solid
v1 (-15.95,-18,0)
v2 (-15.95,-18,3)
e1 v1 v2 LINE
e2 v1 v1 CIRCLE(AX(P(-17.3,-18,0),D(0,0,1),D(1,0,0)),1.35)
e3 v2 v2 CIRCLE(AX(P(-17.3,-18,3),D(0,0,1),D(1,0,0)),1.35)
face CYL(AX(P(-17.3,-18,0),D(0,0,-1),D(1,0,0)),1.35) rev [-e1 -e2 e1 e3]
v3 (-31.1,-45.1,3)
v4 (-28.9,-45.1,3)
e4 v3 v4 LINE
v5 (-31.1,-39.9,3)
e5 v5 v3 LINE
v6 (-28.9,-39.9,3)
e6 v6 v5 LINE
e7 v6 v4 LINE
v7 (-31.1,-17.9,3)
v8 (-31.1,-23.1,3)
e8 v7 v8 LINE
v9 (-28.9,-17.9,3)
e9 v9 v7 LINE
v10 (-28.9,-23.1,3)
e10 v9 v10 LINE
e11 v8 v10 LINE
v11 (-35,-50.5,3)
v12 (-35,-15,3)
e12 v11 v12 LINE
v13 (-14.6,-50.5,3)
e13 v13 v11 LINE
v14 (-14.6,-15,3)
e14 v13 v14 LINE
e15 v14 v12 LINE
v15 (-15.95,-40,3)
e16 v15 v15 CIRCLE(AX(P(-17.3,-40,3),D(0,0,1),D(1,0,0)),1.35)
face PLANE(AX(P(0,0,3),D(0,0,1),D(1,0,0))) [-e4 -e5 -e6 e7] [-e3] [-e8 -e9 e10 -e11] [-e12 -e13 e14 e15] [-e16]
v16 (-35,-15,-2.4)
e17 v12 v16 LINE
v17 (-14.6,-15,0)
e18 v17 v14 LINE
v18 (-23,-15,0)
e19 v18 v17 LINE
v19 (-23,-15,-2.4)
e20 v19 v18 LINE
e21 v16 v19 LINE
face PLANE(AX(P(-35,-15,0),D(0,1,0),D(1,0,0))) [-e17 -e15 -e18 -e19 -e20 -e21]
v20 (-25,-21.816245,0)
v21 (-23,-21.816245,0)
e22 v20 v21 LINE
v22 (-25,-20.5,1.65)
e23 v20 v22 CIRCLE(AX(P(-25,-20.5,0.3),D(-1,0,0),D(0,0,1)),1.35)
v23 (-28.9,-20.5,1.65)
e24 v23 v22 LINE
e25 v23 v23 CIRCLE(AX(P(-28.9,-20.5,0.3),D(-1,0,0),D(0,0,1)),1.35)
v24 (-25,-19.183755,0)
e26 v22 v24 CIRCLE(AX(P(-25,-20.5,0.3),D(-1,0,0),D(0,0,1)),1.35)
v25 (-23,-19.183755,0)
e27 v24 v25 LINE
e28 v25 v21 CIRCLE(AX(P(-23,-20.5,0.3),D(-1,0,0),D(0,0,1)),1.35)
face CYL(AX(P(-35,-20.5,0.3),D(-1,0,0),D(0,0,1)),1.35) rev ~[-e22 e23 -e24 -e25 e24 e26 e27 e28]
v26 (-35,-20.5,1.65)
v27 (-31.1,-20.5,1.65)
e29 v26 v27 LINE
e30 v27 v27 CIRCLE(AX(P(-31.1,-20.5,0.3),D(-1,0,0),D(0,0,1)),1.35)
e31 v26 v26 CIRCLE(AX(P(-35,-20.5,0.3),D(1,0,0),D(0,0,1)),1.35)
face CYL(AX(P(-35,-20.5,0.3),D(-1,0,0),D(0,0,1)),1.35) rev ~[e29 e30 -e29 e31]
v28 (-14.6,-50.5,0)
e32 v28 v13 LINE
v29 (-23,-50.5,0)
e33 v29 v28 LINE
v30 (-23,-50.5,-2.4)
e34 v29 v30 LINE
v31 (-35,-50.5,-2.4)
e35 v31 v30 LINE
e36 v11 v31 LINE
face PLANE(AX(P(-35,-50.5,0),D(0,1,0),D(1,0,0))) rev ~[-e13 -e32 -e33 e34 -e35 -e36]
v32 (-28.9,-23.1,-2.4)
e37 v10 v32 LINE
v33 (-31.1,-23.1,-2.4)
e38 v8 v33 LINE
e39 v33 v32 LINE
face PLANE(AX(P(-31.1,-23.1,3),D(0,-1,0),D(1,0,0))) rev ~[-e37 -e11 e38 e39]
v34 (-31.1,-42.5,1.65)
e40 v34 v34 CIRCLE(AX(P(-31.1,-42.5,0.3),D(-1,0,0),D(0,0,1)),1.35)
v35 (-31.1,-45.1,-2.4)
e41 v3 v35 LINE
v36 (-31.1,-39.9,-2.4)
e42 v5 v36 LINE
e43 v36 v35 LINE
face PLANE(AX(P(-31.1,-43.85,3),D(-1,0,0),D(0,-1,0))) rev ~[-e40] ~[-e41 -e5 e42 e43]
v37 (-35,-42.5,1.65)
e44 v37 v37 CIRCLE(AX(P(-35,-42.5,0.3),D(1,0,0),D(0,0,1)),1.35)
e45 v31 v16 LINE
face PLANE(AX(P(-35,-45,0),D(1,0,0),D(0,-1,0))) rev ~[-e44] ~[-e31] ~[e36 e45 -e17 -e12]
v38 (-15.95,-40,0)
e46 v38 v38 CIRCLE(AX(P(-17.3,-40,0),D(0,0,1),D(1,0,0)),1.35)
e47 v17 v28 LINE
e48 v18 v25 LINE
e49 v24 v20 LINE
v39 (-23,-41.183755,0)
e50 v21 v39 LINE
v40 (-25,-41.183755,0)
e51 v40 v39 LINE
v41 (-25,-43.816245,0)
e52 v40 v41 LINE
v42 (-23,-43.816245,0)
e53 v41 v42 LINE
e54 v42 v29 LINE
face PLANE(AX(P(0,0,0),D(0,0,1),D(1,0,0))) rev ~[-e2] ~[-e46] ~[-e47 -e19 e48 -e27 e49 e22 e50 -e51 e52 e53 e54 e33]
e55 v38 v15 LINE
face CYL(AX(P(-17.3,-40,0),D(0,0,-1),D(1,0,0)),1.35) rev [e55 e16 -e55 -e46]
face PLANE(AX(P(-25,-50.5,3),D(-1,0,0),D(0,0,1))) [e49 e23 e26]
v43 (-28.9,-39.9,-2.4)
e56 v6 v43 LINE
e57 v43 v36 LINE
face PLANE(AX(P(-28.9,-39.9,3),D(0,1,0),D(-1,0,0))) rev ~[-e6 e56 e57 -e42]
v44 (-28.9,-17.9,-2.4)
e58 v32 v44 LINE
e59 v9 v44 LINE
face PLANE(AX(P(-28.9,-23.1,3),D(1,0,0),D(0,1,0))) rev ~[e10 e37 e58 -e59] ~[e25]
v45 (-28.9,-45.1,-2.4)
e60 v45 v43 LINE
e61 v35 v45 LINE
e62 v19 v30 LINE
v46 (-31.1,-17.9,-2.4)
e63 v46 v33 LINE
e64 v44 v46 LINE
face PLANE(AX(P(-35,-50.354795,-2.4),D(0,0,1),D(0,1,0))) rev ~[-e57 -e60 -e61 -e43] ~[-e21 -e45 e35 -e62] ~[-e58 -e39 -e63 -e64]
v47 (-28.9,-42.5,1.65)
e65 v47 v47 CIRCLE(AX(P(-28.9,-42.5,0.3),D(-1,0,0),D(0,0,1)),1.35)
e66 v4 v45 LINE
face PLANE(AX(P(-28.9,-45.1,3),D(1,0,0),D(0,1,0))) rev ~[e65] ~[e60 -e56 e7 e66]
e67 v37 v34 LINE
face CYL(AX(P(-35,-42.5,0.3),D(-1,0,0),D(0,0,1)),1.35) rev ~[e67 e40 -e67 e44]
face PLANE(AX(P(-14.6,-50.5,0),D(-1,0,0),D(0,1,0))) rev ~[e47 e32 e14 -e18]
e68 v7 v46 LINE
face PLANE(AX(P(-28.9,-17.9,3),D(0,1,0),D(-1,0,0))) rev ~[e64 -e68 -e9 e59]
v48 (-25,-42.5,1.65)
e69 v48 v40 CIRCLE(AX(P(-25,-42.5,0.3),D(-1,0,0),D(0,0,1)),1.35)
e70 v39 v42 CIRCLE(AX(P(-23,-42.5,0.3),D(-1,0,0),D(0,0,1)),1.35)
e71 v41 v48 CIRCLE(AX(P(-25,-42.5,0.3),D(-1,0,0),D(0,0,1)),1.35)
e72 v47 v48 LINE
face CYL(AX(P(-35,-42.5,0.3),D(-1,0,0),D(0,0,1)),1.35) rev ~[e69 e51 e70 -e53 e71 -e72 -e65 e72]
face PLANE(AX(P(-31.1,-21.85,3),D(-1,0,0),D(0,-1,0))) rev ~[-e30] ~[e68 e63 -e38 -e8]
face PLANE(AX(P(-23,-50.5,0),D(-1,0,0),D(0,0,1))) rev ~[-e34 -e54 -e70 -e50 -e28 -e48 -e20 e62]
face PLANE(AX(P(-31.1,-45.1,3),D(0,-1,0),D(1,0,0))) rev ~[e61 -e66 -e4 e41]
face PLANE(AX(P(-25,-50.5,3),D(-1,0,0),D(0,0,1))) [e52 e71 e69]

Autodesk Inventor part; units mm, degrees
ref_plane "YZ Plane" through (0, 0, 0) normal (1, 0, 0) x (0, 1, 0)
ref_plane "XZ Plane" through (0, 0, 0) normal (0, 1, 0) x (-1, 0, 0)
ref_plane "XY Plane" through (0, 0, 0) normal (0, 0, 1) x (1, 0, 0)
ref_plane "작업 평면1" through (0, 0, 0) normal (0, 0, 1) x (1, 0, 0)
sketch "스케치2" plane through (0, 0, 0) normal (0, 0, 1) x (1, 0, 0)
  line L0 (13.5, -39.75) -> (11.5, -39.75) projected
  arc A0 (11.5, -39.75) -> (9.25, -42) centre (11.5, -42) ccw projected
  line L1 (9.25, -42) -> (9.25, -44) projected
  arc A1 (8.25, -45) -> (9.25, -44) centre (8.25, -44) ccw projected
  line L2 (8.25, -45) -> (-8.25, -45) projected
  arc A2 (-9.25, -44) -> (-8.25, -45) centre (-8.25, -44) ccw projected
  line L3 (-9.25, -44) -> (-9.25, -42) projected
  arc A3 (-9.25, -42) -> (-11.5, -39.75) centre (-11.5, -42) ccw projected
  line L4 (-11.5, -39.75) -> (-13.5, -39.75) projected
  arc A4 (-14.5, -38.75) -> (-13.5, -39.75) centre (-13.5, -38.75) ccw projected
  line L5 (-14.5, -38.75) -> (-14.5, 8.25) projected
  arc A5 (-13.5, 9.25) -> (-14.5, 8.25) centre (-13.5, 8.25) ccw projected
  line L6 (-13.5, 9.25) -> (-11.5, 9.25) projected
  arc A6 (-11.5, 9.25) -> (-9.25, 11.5) centre (-11.5, 11.5) ccw projected
  line L7 (-9.25, 11.5) -> (-9.25, 14.5) projected
  line L8 (-15, 14.5) -> (-9.25, 14.5) projected
  line L9 (-20.1, 8.5) -> (-15, 14.5) projected
  line L10 (-20.1, -44.6) -> (-20.1, 8.5) projected
  line L11 (-15, -50.6) -> (-20.1, -44.6) projected
  line L12 (15, -50.6) -> (-15, -50.6) projected
  line L13 (20.1, -44.6) -> (15, -50.6) projected
  line L14 (20.1, 8.5) -> (20.1, -44.6) projected
  line L15 (15, 14.5) -> (20.1, 8.5) projected
  line L16 (9.25, 14.5) -> (15, 14.5) projected
  line L17 (9.25, 14.5) -> (9.25, 11.5) projected
  arc A7 (9.25, 11.5) -> (11.5, 9.25) centre (11.5, 11.5) ccw projected
  line L18 (11.5, 9.25) -> (13.5, 9.25) projected
  arc A8 (14.5, 8.25) -> (13.5, 9.25) centre (13.5, 8.25) ccw projected
  line L19 (14.5, 8.25) -> (14.5, -38.75) projected
  arc A9 (13.5, -39.75) -> (14.5, -38.75) centre (13.5, -38.75) ccw projected
  circle A10 centre (17.3, 4) radius 1.35 projected
  circle A11 centre (17.3, -18) radius 1.35 projected
  circle A12 centre (11, -47.8) radius 1.35 projected
  circle A13 centre (-17.3, 4) radius 1.35 projected
  circle A14 centre (-17.3, -18) radius 1.35 projected
  circle A15 centre (-11, -47.8) radius 1.35 projected
  circle A16 centre (17.3, -40) radius 1.35 projected
  circle A17 centre (-17.3, -40) radius 1.35 projected
  line L20 (-43, 2.0766) -> (-43, -42.1766) projected
  line L21 (-14.6, 8.25) -> (-14.6, -38.75)
  arc A18 (-14.6, -38.75) -> (-13.5, -39.85) centre (-13.5, -38.75) ccw
  line L22 (-13.5, -39.85) -> (-11.5, -39.85)
  arc A19 (-9.35, -42) -> (-11.5, -39.85) centre (-11.5, -42) ccw
  line L23 (-9.35, -42) -> (-9.35, -44)
  arc A20 (-9.35, -44) -> (-8.25, -45.1) centre (-8.25, -44) ccw
  line L24 (-8.25, -45.1) -> (8.25, -45.1)
  arc A21 (8.25, -45.1) -> (9.35, -44) centre (8.25, -44) ccw
  line L25 (9.35, -44) -> (9.35, -42)
  arc A22 (11.5, -39.85) -> (9.35, -42) centre (11.5, -42) ccw
  line L26 (11.5, -39.85) -> (13.5, -39.85)
  arc A23 (13.5, -39.85) -> (14.6, -38.75) centre (13.5, -38.75) ccw
  line L27 (14.6, -38.75) -> (14.6, 8.25)
  arc A24 (14.6, 8.25) -> (13.5, 9.35) centre (13.5, 8.25) ccw
  line L28 (13.5, 9.35) -> (11.5, 9.35)
  arc A25 (9.35, 11.5) -> (11.5, 9.35) centre (11.5, 11.5) ccw
  line L29 (9.35, 11.5) -> (9.35, 14.4)
  line L30 (9.35, 14.4) -> (14.9538, 14.4)
  line L31 (14.9538, 14.4) -> (20, 8.4632)
  line L32 (20, 8.4632) -> (20, -44.5632)
  line L33 (20, -44.5632) -> (14.9538, -50.5)
  line L34 (14.9538, -50.5) -> (-14.9538, -50.5)
  line L35 (-20, -15) -> (-20, 8.4632)
  line L36 (-20, 8.4632) -> (-14.9538, 14.4)
  line L37 (-14.9538, 14.4) -> (-9.35, 14.4)
  line L38 (-9.35, 14.4) -> (-9.35, 11.5)
  arc A26 (-11.5, 9.35) -> (-9.35, 11.5) centre (-11.5, 11.5) ccw
  line L39 (-11.5, 9.35) -> (-13.5, 9.35)
  arc A27 (-13.5, 9.35) -> (-14.6, 8.25) centre (-13.5, 8.25) ccw
  line L40 (-20, -15) -> (-14.6, -15)
  line L41 (-14.6, -15) -> (-14.6, -45)
  line L42 (-43, -15) -> (-20, -15)
  line L43 (-35, -45) -> (-35, -50.5)
  line L44 (-35, -50.5) -> (-14.6, -50.5)
  line L45 (-14.6, -50.5) -> (-14.6, -45)
  line L46 (-35, -45) -> (-35, -15)
  point P0 (0, 0)
  point P1 (-14.6, -38.75)
  point P2 (-14.6, -50.5)
  point P3 (-14.6, -38.75)
  dimension "d1" = 0.1
  dimension "d27" = 20.4
extrude "돌출8" add sketch "스케치2" along normal blind 3 contours L44 L43 L46 L42 L10 L11 | L11 L10 L42 L40 L21 L41 L45 L34 L44
sketch "스케치10" plane through (-35, -50.5, 0) normal (-1, 0, 0) x (0, 0, 1)
  arc A0 (-36.5808, 54.2636) -> (-37.1, 52.5766) centre (-34.1, 52.5766) ccw projected
  line L0 (-37.1, 8.3234) -> (-37.1, 52.5766) projected
  arc A1 (-37.1, 8.3234) -> (-36.5808, 6.6364) centre (-34.1, 8.3234) ccw projected
  line L1 (-32.8929, 1.2131) -> (-36.5808, 6.6364) projected
  arc A2 (-32.8929, 1.2131) -> (-30.4121, -0.1) centre (-30.4121, 2.9) ccw projected
  line L2 (-3.5879, -0.1) -> (-30.4121, -0.1) projected
  arc A3 (-3.5879, -0.1) -> (-1.1071, 1.2131) centre (-3.5879, 2.9) ccw projected
  line L3 (2.5808, 6.6364) -> (-1.1071, 1.2131) projected
  arc A4 (2.5808, 6.6364) -> (3.1, 8.3234) centre (0.1, 8.3234) ccw projected
  line L4 (3.1, 52.5766) -> (3.1, 8.3234) projected
  arc A5 (3.1, 52.5766) -> (2.5808, 54.2636) centre (0.1, 52.5766) ccw projected
  line L5 (-1.4047, 60.1246) -> (2.5808, 54.2636) projected
  arc A6 (-1.4047, 60.1246) -> (-3.0586, 61) centre (-3.0586, 59) ccw projected
  line L6 (-9.35, 61) -> (-3.0586, 61) projected
  arc A7 (-7.85, 59.5) -> (-9.35, 61) centre (-9.35, 59.5) ccw projected
  line L7 (-7.85, 59.5) -> (-7.85, 58) projected
  arc A8 (-7.85, 58) -> (-5.5, 55.65) centre (-5.5, 58) ccw projected
  line L8 (-5.5, 55.65) -> (-3.5, 55.65) projected
  arc A9 (-2.5, 54.65) -> (-3.5, 55.65) centre (-3.5, 54.65) ccw projected
  line L9 (-2.5, 54.65) -> (-2.5, 11.85) projected
  arc A10 (-3.5, 10.85) -> (-2.5, 11.85) centre (-3.5, 11.85) ccw projected
  line L10 (-3.5, 10.85) -> (-5.5, 10.85) projected
  arc A11 (-5.5, 10.85) -> (-7.85, 8.5) centre (-5.5, 8.5) ccw projected
  line L11 (-7.85, 8.5) -> (-7.85, 6.5) projected
  arc A12 (-8.85, 5.5) -> (-7.85, 6.5) centre (-8.85, 6.5) ccw projected
  line L12 (-8.85, 5.5) -> (-25.15, 5.5) projected
  arc A13 (-26.15, 6.5) -> (-25.15, 5.5) centre (-25.15, 6.5) ccw projected
  line L13 (-26.15, 6.5) -> (-26.15, 8.5) projected
  arc A14 (-26.15, 8.5) -> (-28.5, 10.85) centre (-28.5, 8.5) ccw projected
  line L14 (-28.5, 10.85) -> (-30.5, 10.85) projected
  arc A15 (-31.5, 11.85) -> (-30.5, 10.85) centre (-30.5, 11.85) ccw projected
  line L15 (-31.5, 11.85) -> (-31.5, 54.65) projected
  arc A16 (-30.5, 55.65) -> (-31.5, 54.65) centre (-30.5, 54.65) ccw projected
  line L16 (-30.5, 55.65) -> (-28.5, 55.65) projected
  arc A17 (-28.5, 55.65) -> (-26.15, 58) centre (-28.5, 58) ccw projected
  line L17 (-26.15, 58) -> (-26.15, 59.5) projected
  arc A18 (-24.65, 61) -> (-26.15, 59.5) centre (-24.65, 59.5) ccw projected
  line L18 (-30.9414, 61) -> (-24.65, 61) projected
  arc A19 (-30.9414, 61) -> (-32.5953, 60.1246) centre (-30.9414, 59) ccw projected
  line L19 (-36.5808, 54.2636) -> (-32.5953, 60.1246) projected
  circle A20 centre (0.3, 52) radius 1.35 projected
  circle A21 centre (0.3, 30) radius 1.35 projected
  circle A22 centre (-6, 2.7) radius 1.35 projected
  circle A23 centre (-34.3, 52) radius 1.35 projected
  circle A24 centre (-34.3, 30) radius 1.35 projected
  circle A25 centre (-28, 2.7) radius 1.35 projected
  circle A26 centre (0.3, 8) radius 1.35 projected
  circle A27 centre (-34.3, 8) radius 1.35 projected
  line L20 (0, 35.5) -> (0, 0) projected
  line L21 (0, 0) -> (3, 0) projected
  line L22 (3, 35.5) -> (3, 0) projected
  line L23 (0, 35.5) -> (3, 35.5) projected
  line L24 (-2.4, 11.85) -> (-2.4, 54.65)
  arc A28 (-2.4, 54.65) -> (-3.5, 55.75) centre (-3.5, 54.65) ccw
  line L25 (-3.5, 55.75) -> (-5.5, 55.75)
  arc A29 (-7.75, 58) -> (-5.5, 55.75) centre (-5.5, 58) ccw
  line L26 (-7.75, 58) -> (-7.75, 59.5)
  arc A30 (-7.75, 59.5) -> (-10.1246, 60.9) centre (-9.35, 59.5) ccw
  line L27 (-10.1246, 60.9) -> (-3.0586, 60.9)
  arc A31 (-1.4874, 60.0684) -> (-3.0586, 60.9) centre (-3.0586, 59) ccw
  line L28 (-1.4874, 60.0684) -> (2.4981, 54.2073)
  arc A32 (3, 52.5766) -> (2.4981, 54.2073) centre (0.1, 52.5766) ccw
  line L29 (3, 52.5766) -> (3, 8.3234)
  arc A33 (2.4981, 6.6927) -> (3, 8.3234) centre (0.1, 8.3234) ccw
  line L30 (2.4981, 6.6927) -> (0, 3.019)
  arc A34 (-3.5879, 0) -> (-2.4, 0.2545) centre (-3.5879, 2.9) ccw
  line L31 (-3.5879, 0) -> (-30.4121, 0)
  arc A35 (-32.8102, 1.2693) -> (-30.4121, 0) centre (-30.4121, 2.9) ccw
  line L32 (-32.8102, 1.2693) -> (-36.4981, 6.6927)
  arc A36 (-37, 8.3234) -> (-36.4981, 6.6927) centre (-34.1, 8.3234) ccw
  line L33 (-37, 8.3234) -> (-37, 52.5766)
  arc A37 (-36.4981, 54.2073) -> (-37, 52.5766) centre (-34.1, 52.5766) ccw
  line L34 (-36.4981, 54.2073) -> (-32.5126, 60.0684)
  arc A38 (-30.9414, 60.9) -> (-32.5126, 60.0684) centre (-30.9414, 59) ccw
  line L35 (-30.9414, 60.9) -> (-25.4246, 60.9)
  arc A39 (-25.4246, 60.9) -> (-26.25, 59.5) centre (-24.65, 59.5) ccw
  line L36 (-26.25, 59.5) -> (-26.25, 58)
  arc A40 (-28.5, 55.75) -> (-26.25, 58) centre (-28.5, 58) ccw
  line L37 (-28.5, 55.75) -> (-30.5, 55.75)
  arc A41 (-30.5, 55.75) -> (-31.6, 54.65) centre (-30.5, 54.65) ccw
  line L38 (-31.6, 54.65) -> (-31.6, 11.85)
  arc A42 (-31.6, 11.85) -> (-30.5, 10.75) centre (-30.5, 11.85) ccw
  line L39 (-30.5, 10.75) -> (-28.5, 10.75)
  arc A43 (-26.25, 8.5) -> (-28.5, 10.75) centre (-28.5, 8.5) ccw
  line L40 (-26.25, 8.5) -> (-26.25, 6.5)
  arc A44 (-26.25, 6.5) -> (-25.15, 5.4) centre (-25.15, 6.5) ccw
  line L41 (-25.15, 5.4) -> (-8.85, 5.4)
  arc A45 (-8.85, 5.4) -> (-7.75, 6.5) centre (-8.85, 6.5) ccw
  line L42 (-7.75, 6.5) -> (-7.75, 8.5)
  arc A46 (-5.5, 10.75) -> (-7.75, 8.5) centre (-5.5, 8.5) ccw
  line L43 (-5.5, 10.75) -> (-3.5, 10.75)
  arc A47 (-3.5, 10.75) -> (-2.4, 11.85) centre (-3.5, 11.85) ccw
  line L44 (0, 0) -> (-2.4, 0)
  line L45 (-2.4, 0) -> (-2.4, 35.5)
  line L46 (-2.4, 35.5) -> (0, 35.5)
  line L47 (0, 35.5) -> (0, 0)
  point P0 (0, 50.5)
  point P1 (0, 6.6838)
  point P2 (0, 9.3162)
  point P3 (0, 28.6838)
  point P4 (0, 31.3162)
  point P5 (0, 35.5)
  point P6 (-2.4, 11.85)
  dimension "d30" = 0.1
extrude "돌출10" add sketch "스케치10" against normal blind 12 contours L45 L24 L46 L20 A21 A26 L3 A3 | A3 L3 L20 L44 L45
sketch "스케치12" plane through (-35, -50.5, 3) normal (-1, 0, 0) x (0, 0, 1)
  line L0 (-5.5579, 8) -> (-4.1289, 5.525) projected
  arc A0 (-39.5808, 54.2636) -> (-40.1, 52.5766) centre (-37.1, 52.5766) ccw projected
  line L1 (-40.1, 8.3234) -> (-40.1, 52.5766) projected
  arc A1 (-40.1, 8.3234) -> (-39.5808, 6.6364) centre (-37.1, 8.3234) ccw projected
  line L2 (-35.8929, 1.2131) -> (-39.5808, 6.6364) projected
  arc A2 (-35.8929, 1.2131) -> (-33.4121, -0.1) centre (-33.4121, 2.9) ccw projected
  line L3 (-6.5879, -0.1) -> (-33.4121, -0.1) projected
  arc A3 (-6.5879, -0.1) -> (-4.1071, 1.2131) centre (-6.5879, 2.9) ccw projected
  line L4 (-0.4192, 6.6364) -> (-4.1071, 1.2131) projected
  arc A4 (-0.4192, 6.6364) -> (0.1, 8.3234) centre (-2.9, 8.3234) ccw projected
  line L5 (0.1, 52.5766) -> (0.1, 8.3234) projected
  arc A5 (0.1, 52.5766) -> (-0.4192, 54.2636) centre (-2.9, 52.5766) ccw projected
  line L6 (-4.4047, 60.1246) -> (-0.4192, 54.2636) projected
  arc A6 (-4.4047, 60.1246) -> (-6.0586, 61) centre (-6.0586, 59) ccw projected
  line L7 (-12.35, 61) -> (-6.0586, 61) projected
  arc A7 (-10.85, 59.5) -> (-12.35, 61) centre (-12.35, 59.5) ccw projected
  line L8 (-10.85, 59.5) -> (-10.85, 58) projected
  arc A8 (-10.85, 58) -> (-8.5, 55.65) centre (-8.5, 58) ccw projected
  line L9 (-8.5, 55.65) -> (-6.5, 55.65) projected
  arc A9 (-5.5, 54.65) -> (-6.5, 55.65) centre (-6.5, 54.65) ccw projected
  line L10 (-5.5, 54.65) -> (-5.5, 11.85) projected
  arc A10 (-6.5, 10.85) -> (-5.5, 11.85) centre (-6.5, 11.85) ccw projected
  line L11 (-6.5, 10.85) -> (-8.5, 10.85) projected
  arc A11 (-8.5, 10.85) -> (-10.85, 8.5) centre (-8.5, 8.5) ccw projected
  line L12 (-10.85, 8.5) -> (-10.85, 6.5) projected
  arc A12 (-11.85, 5.5) -> (-10.85, 6.5) centre (-11.85, 6.5) ccw projected
  line L13 (-11.85, 5.5) -> (-28.15, 5.5) projected
  arc A13 (-29.15, 6.5) -> (-28.15, 5.5) centre (-28.15, 6.5) ccw projected
  line L14 (-29.15, 6.5) -> (-29.15, 8.5) projected
  arc A14 (-29.15, 8.5) -> (-31.5, 10.85) centre (-31.5, 8.5) ccw projected
  line L15 (-31.5, 10.85) -> (-33.5, 10.85) projected
  arc A15 (-34.5, 11.85) -> (-33.5, 10.85) centre (-33.5, 11.85) ccw projected
  line L16 (-34.5, 11.85) -> (-34.5, 54.65) projected
  arc A16 (-33.5, 55.65) -> (-34.5, 54.65) centre (-33.5, 54.65) ccw projected
  line L17 (-33.5, 55.65) -> (-31.5, 55.65) projected
  arc A17 (-31.5, 55.65) -> (-29.15, 58) centre (-31.5, 58) ccw projected
  line L18 (-29.15, 58) -> (-29.15, 59.5) projected
  arc A18 (-27.65, 61) -> (-29.15, 59.5) centre (-27.65, 59.5) ccw projected
  line L19 (-33.9414, 61) -> (-27.65, 61) projected
  arc A19 (-33.9414, 61) -> (-35.5953, 60.1246) centre (-33.9414, 59) ccw projected
  line L20 (-39.5808, 54.2636) -> (-35.5953, 60.1246) projected
  circle A20 centre (-2.7, 52) radius 1.35 projected
  circle A21 centre (-2.7, 30) radius 1.35 projected
  circle A22 centre (-9, 2.7) radius 1.35 projected
  circle A23 centre (-37.3, 52) radius 1.35 projected
  circle A24 centre (-37.3, 30) radius 1.35 projected
  circle A25 centre (-31, 2.7) radius 1.35 projected
  circle A26 centre (-2.7, 8) radius 1.35 projected
  circle A27 centre (-37.3, 8) radius 1.35 projected
  circle A28 centre (-2.7, 8) radius 1.35
  circle A29 centre (-2.7, 30) radius 1.35
  point P0 (-3, 50.5)
  dimension "d35" = 2.7
  dimension "d36" = 2.7
extrude "돌출11" cut sketch "스케치12" against normal blind 10 contours A21 | A26
sketch "스케치13" plane through (0, 0, 3) normal (0, 0, 1) x (1, 0, 0)
  line L0 (-25, -43.85) -> (-35, -43.85) projected
  line L1 (-25, -41.15) -> (-35, -41.15) projected
  line L2 (-25, -21.85) -> (-35, -21.85) projected
  line L3 (-25, -19.15) -> (-35, -19.15) projected
  line L4 (-30, -43.85) -> (-30, -41.15)
  line L5 (-30, -19.15) -> (-30, -21.85)
  line L6 (-28.9, -39.9) -> (-31.1, -39.9)
  line L7 (-31.1, -39.9) -> (-31.1, -45.1)
  line L8 (-31.1, -45.1) -> (-28.9, -45.1)
  line L9 (-28.9, -45.1) -> (-28.9, -39.9)
  line L10 (-28.9, -39.9) -> (-31.1, -45.1) construction
  line L11 (-31.1, -39.9) -> (-28.9, -45.1) construction
  line L12 (-28.9, -17.9) -> (-31.1, -17.9)
  line L13 (-31.1, -17.9) -> (-31.1, -23.1)
  line L14 (-31.1, -23.1) -> (-28.9, -23.1)
  line L15 (-28.9, -23.1) -> (-28.9, -17.9)
  line L16 (-28.9, -17.9) -> (-31.1, -23.1) construction
  line L17 (-31.1, -17.9) -> (-28.9, -23.1) construction
  point P0 (0, 0)
  point P1 (-30, -42.5)
  point P2 (-30, -20.5)
  dimension "d39" = 2.2
  dimension "d40" = 5.2
  dimension "d41" = 2.2
  dimension "d42" = 5.2
extrude "돌출12" cut sketch "스케치13" against normal blind 10
properties part number "foot_right_connection" material "PMMA 플라스틱"
